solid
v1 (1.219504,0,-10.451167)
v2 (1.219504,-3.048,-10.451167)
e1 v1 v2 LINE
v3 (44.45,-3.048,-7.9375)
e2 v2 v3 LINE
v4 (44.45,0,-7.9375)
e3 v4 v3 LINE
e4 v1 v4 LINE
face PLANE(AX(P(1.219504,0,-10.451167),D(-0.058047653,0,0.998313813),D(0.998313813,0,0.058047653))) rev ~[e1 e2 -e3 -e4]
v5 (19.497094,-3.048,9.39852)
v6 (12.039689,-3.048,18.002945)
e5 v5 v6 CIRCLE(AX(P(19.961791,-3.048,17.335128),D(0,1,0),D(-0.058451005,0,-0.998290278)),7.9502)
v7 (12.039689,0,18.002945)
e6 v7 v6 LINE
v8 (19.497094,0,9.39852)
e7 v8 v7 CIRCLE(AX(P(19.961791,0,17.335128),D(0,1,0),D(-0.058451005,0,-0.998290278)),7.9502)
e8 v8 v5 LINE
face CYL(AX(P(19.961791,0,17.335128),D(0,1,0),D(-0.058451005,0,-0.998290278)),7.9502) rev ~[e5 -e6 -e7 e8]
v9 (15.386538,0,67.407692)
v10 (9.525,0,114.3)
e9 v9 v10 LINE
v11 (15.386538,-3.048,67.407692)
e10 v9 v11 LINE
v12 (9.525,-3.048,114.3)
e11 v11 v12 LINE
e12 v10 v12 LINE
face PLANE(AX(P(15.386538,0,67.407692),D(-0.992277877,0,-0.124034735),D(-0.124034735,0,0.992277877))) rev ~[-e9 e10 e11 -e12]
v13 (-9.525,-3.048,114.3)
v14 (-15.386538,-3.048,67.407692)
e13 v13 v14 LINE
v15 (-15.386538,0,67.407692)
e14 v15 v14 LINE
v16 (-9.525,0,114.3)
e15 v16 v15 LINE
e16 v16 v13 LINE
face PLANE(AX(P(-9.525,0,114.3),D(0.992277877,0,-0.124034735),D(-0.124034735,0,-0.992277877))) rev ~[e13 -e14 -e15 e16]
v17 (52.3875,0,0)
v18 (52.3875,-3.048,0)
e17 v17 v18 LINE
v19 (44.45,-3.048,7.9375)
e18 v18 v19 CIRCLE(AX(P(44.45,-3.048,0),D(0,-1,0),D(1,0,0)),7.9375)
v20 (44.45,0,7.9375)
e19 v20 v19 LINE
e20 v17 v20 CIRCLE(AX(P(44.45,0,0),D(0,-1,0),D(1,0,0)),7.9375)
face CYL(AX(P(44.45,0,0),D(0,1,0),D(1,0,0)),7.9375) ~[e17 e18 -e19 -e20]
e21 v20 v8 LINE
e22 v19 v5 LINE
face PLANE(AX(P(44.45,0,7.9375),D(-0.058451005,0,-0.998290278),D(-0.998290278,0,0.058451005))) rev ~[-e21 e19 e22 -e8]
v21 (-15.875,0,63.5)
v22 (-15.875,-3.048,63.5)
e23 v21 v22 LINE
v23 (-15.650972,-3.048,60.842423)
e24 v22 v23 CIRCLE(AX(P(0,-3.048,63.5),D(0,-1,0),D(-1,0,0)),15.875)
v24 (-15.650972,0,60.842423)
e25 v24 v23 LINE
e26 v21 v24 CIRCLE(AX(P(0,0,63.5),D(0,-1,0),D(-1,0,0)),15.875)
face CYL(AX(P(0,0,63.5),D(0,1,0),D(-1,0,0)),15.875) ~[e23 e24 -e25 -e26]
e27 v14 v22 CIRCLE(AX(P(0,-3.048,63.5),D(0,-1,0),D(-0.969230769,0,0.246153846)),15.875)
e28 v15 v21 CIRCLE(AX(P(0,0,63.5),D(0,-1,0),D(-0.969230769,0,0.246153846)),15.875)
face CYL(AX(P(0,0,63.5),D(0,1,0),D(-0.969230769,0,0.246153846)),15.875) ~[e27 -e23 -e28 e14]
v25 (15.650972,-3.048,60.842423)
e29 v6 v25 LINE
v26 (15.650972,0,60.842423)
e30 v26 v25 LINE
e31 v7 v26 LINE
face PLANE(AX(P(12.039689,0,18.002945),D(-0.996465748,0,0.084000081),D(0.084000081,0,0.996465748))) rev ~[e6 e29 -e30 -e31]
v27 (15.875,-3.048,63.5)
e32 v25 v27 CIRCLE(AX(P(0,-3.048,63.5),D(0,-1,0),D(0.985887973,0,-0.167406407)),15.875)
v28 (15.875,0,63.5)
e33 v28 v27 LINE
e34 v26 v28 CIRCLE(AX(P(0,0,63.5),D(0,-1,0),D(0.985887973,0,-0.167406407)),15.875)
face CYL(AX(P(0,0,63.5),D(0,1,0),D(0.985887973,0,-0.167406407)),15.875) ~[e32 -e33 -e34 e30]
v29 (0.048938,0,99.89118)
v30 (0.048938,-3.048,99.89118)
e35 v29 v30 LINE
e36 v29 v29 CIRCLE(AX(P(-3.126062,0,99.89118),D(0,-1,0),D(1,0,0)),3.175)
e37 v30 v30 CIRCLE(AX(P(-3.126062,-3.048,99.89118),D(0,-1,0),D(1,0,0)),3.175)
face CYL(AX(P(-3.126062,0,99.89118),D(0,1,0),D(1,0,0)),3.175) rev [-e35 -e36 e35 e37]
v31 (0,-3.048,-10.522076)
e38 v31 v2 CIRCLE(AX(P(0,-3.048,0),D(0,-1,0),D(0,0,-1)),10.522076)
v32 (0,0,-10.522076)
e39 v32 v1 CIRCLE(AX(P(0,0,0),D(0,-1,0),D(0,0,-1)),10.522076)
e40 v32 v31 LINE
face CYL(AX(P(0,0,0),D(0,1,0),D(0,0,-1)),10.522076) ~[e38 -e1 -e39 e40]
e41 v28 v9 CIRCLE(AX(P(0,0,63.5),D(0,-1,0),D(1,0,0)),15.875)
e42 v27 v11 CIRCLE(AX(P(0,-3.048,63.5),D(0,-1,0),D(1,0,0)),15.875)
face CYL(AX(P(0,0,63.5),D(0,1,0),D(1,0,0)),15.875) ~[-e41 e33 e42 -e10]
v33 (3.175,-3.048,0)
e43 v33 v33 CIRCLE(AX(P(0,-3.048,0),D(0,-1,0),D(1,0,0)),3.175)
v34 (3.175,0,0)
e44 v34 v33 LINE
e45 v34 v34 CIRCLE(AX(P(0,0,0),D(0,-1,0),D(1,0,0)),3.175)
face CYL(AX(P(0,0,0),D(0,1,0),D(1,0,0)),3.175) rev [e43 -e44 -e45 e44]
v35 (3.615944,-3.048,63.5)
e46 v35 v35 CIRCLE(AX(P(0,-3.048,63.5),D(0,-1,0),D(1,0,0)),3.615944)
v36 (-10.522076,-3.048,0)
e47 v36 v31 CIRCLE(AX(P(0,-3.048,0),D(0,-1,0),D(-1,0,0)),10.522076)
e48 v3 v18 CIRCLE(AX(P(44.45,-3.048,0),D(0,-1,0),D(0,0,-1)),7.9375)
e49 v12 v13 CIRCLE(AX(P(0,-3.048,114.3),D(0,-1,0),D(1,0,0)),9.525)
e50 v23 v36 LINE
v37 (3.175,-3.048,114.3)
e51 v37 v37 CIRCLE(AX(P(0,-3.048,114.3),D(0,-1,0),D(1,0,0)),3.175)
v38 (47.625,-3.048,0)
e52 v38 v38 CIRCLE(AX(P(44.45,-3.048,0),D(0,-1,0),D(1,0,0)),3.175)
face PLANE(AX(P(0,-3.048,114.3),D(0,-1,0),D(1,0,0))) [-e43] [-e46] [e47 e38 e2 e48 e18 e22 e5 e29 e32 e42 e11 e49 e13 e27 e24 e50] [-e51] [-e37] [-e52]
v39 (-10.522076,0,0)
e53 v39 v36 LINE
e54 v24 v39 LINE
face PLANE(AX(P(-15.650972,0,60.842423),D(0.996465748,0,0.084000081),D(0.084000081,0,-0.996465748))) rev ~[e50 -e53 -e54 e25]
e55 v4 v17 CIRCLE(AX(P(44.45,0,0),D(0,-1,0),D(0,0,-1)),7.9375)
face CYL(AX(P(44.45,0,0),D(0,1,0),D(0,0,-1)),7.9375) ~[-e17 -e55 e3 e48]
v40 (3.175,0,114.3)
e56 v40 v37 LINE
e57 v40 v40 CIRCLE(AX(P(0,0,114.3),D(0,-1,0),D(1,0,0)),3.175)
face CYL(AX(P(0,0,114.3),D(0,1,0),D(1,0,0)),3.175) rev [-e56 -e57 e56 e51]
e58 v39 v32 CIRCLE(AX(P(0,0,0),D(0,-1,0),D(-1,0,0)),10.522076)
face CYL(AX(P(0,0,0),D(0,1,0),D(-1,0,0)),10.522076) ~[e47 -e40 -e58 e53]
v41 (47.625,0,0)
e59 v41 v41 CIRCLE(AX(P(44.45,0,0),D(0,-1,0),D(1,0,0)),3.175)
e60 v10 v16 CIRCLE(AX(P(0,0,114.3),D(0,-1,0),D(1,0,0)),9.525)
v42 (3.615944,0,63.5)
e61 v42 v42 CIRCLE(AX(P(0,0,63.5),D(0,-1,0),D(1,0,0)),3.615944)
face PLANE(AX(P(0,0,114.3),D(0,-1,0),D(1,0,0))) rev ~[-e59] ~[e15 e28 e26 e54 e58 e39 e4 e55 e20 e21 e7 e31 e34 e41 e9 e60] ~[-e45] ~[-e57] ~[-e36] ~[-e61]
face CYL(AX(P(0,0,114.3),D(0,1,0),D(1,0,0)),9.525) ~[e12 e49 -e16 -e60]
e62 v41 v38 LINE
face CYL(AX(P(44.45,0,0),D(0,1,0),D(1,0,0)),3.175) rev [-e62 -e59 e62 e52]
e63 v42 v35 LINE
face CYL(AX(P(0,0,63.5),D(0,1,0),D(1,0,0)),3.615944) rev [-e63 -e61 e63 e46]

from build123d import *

# Parameters (mm, degrees)
F0_R     = 3.175
F0_R_2   = 3.6159437641
F1_DEPTH = 3.048


with BuildPart() as f1:
    # F0 (on Front) → F1 (new body)
    with BuildSketch(Plane.XZ):
        with BuildLine():
            ThreePointArc((-9.525, 114.3), (0, 104.775), (9.525, 114.3))
            ThreePointArc((9.525, 114.3), (0, 123.825), (-9.525, 114.3))
        make_face()
        with Locations((0, 114.3)):
            Circle(F0_R, mode=Mode.SUBTRACT)
        with BuildLine():
            Line((15.3865384615, 67.4076923077), (9.525, 114.3))
            ThreePointArc((9.525, 114.3), (0, 104.775), (-9.525, 114.3))
            Line((-9.525, 114.3), (-15.3865384615, 67.4076923077))
            ThreePointArc((-15.3865384615, 67.4076923077), (0, 79.375), (15.3865384615, 67.4076923077))
        make_face()
        with Locations((-3.1260617511, 99.8911798788)):
            Circle(F0_R, mode=Mode.SUBTRACT)
        with BuildLine():
            Line((15.875, 63.5), (15.3865384615, 67.4076923077))
            ThreePointArc((15.3865384615, 67.4076923077), (0, 79.375), (-15.3865384615, 67.4076923077))
            Line((-15.3865384615, 67.4076923077), (-15.875, 63.5))
            Line((-15.875, 63.5), (-15.6509715667, 60.8424232807))
            ThreePointArc((-15.6509715667, 60.8424232807), (0, 47.625), (15.6509715667, 60.8424232807))
            Line((15.6509715667, 60.8424232807), (15.875, 63.5))
        make_face()
        with Locations((0, 63.5)):
            Circle(F0_R_2, mode=Mode.SUBTRACT)
        with BuildLine():
            ThreePointArc((15.875, 63.5), (15.7524112928, 65.4690514116), (15.3865384615, 67.4076923077))
            Line((15.3865384615, 67.4076923077), (15.875, 63.5))
        make_face()
        with BuildLine():
            Line((-15.875, 63.5), (-15.3865384615, 67.4076923077))
            ThreePointArc((-15.3865384615, 67.4076923077), (-15.7524112928, 65.4690514116), (-15.875, 63.5))
        make_face()
        with BuildLine():
            ThreePointArc((15.6509715667, 60.8424232807), (15.8188937448, 62.1664987103), (15.875, 63.5))
            Line((15.875, 63.5), (15.6509715667, 60.8424232807))
        make_face()
        with BuildLine():
            Line((-15.6509715667, 60.8424232807), (-15.875, 63.5))
            ThreePointArc((-15.875, 63.5), (-15.8188937448, 62.1664987103), (-15.6509715667, 60.8424232807))
        make_face()
        with BuildLine():
            Line((12.0396887444, 18.0029452157), (15.6509715667, 60.8424232807))
            ThreePointArc((15.6509715667, 60.8424232807), (0, 47.625), (-15.6509715667, 60.8424232807))
            Line((-15.6509715667, 60.8424232807), (-10.5220762583, 0))
            ThreePointArc((-10.5220762583, 0), (0, 10.5220762583), (10.5220762583, 0))
            ThreePointArc((10.5220762583, 0), (7.8595738312, -6.99579788), (1.2195038808, -10.4511673545))
            Line((1.2195038808, -10.4511673545), (44.45, -7.9375))
            ThreePointArc((44.45, -7.9375), (36.5125, 0), (44.45, 7.9375))
            Line((44.45, 7.9375), (19.4970935517, 9.3985203982))
            ThreePointArc((19.4970935517, 9.3985203982), (13.9539931587, 12.1282046514), (12.0396887444, 18.0029452157))
        make_face()
        with BuildLine():
            ThreePointArc((10.5220762583, 0), (0, 10.5220762583), (-10.5220762583, 0))
            ThreePointArc((-10.5220762583, 0), (-7.4402314744, -7.4402314744), (0, -10.5220762583))
            Line((0, -10.5220762583), (1.2195038808, -10.4511673545))
            ThreePointArc((1.2195038808, -10.4511673545), (7.8595738312, -6.99579788), (10.5220762583, 0))
        make_face()
        Circle(F0_R, mode=Mode.SUBTRACT)
        with BuildLine():
            Line((1.2195038808, -10.4511673545), (0, -10.5220762583))
            ThreePointArc((0, -10.5220762583), (0.6107818326, -10.504334074), (1.2195038808, -10.4511673545))
        make_face()
        with BuildLine():
            ThreePointArc((52.3875, 0), (50.0626600757, 5.6126600757), (44.45, 7.9375))
            ThreePointArc((44.45, 7.9375), (36.5125, 0), (44.45, -7.9375))
            ThreePointArc((44.45, -7.9375), (50.0626600757, -5.6126600757), (52.3875, 0))
        make_face()
        with Locations((44.45, 0)):
            Circle(F0_R, mode=Mode.SUBTRACT)
    extrude(amount=F1_DEPTH)


solid = f1.part
